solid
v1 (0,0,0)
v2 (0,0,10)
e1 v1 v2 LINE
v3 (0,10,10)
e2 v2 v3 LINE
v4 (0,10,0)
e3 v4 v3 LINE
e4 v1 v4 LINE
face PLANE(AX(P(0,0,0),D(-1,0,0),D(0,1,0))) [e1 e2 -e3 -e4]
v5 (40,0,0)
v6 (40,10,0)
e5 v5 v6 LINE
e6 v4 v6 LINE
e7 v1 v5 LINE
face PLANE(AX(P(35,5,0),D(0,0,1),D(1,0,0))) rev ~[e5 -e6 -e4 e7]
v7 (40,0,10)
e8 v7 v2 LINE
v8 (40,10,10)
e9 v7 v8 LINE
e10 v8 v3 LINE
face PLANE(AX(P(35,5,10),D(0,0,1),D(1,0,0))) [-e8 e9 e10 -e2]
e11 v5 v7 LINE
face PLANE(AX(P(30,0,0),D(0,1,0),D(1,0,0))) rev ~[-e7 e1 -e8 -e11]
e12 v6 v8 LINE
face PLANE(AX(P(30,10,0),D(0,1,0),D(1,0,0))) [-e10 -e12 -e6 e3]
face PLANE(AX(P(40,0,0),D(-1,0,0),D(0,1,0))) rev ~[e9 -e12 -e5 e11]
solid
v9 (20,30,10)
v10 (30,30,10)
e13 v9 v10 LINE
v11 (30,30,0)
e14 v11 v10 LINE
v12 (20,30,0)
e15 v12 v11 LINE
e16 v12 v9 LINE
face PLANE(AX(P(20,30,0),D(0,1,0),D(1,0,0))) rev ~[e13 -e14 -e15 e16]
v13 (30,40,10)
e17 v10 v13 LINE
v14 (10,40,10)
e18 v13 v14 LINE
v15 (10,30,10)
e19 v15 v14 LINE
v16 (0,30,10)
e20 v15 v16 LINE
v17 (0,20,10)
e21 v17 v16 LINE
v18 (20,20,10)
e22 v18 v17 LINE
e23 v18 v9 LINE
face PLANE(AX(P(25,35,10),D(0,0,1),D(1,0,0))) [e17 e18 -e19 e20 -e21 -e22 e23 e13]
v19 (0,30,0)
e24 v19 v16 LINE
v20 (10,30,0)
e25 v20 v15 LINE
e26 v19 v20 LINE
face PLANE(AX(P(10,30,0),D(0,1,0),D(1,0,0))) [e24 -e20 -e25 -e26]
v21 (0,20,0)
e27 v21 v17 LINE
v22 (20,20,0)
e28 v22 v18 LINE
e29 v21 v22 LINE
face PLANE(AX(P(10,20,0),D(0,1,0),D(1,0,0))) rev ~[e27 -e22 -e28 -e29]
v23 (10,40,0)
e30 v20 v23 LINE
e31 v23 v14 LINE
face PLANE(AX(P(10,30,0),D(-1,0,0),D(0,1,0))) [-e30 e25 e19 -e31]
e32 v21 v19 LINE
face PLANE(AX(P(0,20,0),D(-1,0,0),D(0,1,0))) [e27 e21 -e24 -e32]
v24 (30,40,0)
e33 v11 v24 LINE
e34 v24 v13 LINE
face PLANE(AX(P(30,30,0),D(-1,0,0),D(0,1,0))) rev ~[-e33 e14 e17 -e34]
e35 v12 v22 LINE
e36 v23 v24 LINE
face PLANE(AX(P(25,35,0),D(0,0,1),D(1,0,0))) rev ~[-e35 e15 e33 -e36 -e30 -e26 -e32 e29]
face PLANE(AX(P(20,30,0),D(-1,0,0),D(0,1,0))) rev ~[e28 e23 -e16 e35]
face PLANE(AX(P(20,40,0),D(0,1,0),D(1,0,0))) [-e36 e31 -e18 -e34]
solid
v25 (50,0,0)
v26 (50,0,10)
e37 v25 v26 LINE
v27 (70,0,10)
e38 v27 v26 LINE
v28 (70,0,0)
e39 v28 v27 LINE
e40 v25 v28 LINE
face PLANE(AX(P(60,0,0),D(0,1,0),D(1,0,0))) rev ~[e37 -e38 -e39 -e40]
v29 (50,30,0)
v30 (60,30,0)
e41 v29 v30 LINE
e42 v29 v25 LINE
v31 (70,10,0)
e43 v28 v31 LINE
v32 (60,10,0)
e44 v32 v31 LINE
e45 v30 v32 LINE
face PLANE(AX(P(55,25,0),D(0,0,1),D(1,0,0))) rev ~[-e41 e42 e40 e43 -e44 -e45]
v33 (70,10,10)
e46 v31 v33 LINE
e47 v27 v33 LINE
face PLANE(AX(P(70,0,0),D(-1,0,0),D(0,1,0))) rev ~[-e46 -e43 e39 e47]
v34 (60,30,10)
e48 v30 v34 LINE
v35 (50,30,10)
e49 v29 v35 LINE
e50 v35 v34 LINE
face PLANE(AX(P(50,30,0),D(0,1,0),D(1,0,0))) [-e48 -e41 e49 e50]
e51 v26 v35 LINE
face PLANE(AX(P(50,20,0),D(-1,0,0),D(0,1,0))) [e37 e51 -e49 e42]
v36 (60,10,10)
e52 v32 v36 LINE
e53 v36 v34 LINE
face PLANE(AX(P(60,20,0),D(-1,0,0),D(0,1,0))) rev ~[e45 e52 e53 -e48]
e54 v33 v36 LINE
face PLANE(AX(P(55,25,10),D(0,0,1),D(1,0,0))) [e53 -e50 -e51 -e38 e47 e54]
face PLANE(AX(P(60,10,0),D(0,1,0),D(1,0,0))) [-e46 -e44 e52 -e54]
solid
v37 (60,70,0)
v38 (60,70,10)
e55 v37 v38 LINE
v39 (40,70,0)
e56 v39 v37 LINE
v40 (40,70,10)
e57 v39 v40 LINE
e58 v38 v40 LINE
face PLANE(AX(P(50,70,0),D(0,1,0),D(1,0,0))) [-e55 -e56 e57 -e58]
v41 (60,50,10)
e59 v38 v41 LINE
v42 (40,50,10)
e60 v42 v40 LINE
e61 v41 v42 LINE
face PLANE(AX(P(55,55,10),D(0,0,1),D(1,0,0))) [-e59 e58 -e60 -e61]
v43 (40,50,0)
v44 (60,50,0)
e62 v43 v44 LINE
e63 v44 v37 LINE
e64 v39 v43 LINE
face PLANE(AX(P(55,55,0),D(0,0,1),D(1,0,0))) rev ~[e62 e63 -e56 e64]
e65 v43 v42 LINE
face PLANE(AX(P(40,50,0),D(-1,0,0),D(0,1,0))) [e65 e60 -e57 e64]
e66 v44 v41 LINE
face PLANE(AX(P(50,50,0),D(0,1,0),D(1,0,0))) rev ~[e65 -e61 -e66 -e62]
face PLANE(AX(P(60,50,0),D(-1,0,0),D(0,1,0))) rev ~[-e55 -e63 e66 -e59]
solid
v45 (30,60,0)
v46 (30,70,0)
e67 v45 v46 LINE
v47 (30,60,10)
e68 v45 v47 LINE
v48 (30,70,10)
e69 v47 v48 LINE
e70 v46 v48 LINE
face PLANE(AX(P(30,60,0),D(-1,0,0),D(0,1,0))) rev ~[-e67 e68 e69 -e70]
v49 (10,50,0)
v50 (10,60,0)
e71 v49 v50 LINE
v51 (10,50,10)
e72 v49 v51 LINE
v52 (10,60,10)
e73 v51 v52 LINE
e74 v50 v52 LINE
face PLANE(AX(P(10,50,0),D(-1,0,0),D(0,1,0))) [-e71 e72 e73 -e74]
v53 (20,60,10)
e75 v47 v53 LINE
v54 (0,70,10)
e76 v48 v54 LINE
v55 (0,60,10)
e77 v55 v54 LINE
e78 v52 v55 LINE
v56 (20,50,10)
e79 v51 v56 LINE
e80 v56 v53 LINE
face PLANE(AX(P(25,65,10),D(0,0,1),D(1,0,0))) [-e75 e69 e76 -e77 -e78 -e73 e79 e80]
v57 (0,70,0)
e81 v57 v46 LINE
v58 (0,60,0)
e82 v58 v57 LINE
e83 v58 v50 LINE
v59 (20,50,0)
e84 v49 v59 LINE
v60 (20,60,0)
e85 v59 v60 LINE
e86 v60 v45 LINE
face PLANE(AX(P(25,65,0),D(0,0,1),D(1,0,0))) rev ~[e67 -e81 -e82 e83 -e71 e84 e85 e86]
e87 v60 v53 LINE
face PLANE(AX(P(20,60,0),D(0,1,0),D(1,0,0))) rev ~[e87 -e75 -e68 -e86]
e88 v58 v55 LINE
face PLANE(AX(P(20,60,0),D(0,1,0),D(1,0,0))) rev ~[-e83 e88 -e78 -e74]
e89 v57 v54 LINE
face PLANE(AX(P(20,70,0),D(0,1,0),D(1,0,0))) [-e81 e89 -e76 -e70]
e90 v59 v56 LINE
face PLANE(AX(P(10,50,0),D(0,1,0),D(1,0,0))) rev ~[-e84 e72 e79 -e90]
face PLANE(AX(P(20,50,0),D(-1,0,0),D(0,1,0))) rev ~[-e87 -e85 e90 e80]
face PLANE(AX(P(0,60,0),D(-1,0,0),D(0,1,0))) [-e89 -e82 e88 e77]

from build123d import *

# Parameters (mm, degrees)
BOX001_W     = 10
BOX001_H     = 10
BOX001_DEPTH = 10
BOX002_W     = 10
BOX002_H     = 10
BOX002_DEPTH = 10
BOX003_W     = 10
BOX003_H     = 10
BOX003_DEPTH = 10
BOX_W        = 10
BOX_H        = 10
BOX_DEPTH    = 10
BOX005_W     = 10
BOX005_H     = 10
BOX005_DEPTH = 10
BOX006_W     = 10
BOX006_H     = 10
BOX006_DEPTH = 10
BOX007_W     = 10
BOX007_H     = 10
BOX007_DEPTH = 10
BOX004_W     = 10
BOX004_H     = 10
BOX004_DEPTH = 10
BOX009_W     = 10
BOX009_H     = 10
BOX009_DEPTH = 10
BOX010_W     = 10
BOX010_H     = 10
BOX010_DEPTH = 10
BOX011_W     = 10
BOX011_H     = 10
BOX011_DEPTH = 10
BOX008_W     = 10
BOX008_H     = 10
BOX008_DEPTH = 10
BOX013_W     = 10
BOX013_H     = 10
BOX013_DEPTH = 10
BOX014_W     = 10
BOX014_H     = 10
BOX014_DEPTH = 10
BOX015_W     = 10
BOX015_H     = 10
BOX015_DEPTH = 10
BOX012_W     = 10
BOX012_H     = 10
BOX012_DEPTH = 10
BOX017_W     = 10
BOX017_H     = 10
BOX017_DEPTH = 10
BOX018_W     = 10
BOX018_H     = 10
BOX018_DEPTH = 10
BOX019_W     = 10
BOX019_H     = 10
BOX019_DEPTH = 10
BOX016_W     = 10
BOX016_H     = 10
BOX016_DEPTH = 10


with BuildPart() as cub001:
    # Box001 → Box001 (new body)
    with BuildSketch(Plane(origin=(10, 0, 0), x_dir=(1, 0, 0), z_dir=(0, 0, 1))):
        with Locations((5, 5)):
            Rectangle(BOX001_W, BOX001_H)
    extrude(amount=BOX001_DEPTH)


with BuildPart() as cub002:
    # Box002 → Box002 (new body)
    with BuildSketch(Plane(origin=(20, 0, 0), x_dir=(1, 0, 0), z_dir=(0, 0, 1))):
        with Locations((5, 5)):
            Rectangle(BOX002_W, BOX002_H)
    extrude(amount=BOX002_DEPTH)


with BuildPart() as cub003:
    # Box003 → Box003 (new body)
    with BuildSketch(Plane(origin=(30, 0, 0), x_dir=(1, 0, 0), z_dir=(0, 0, 1))):
        with Locations((5, 5)):
            Rectangle(BOX003_W, BOX003_H)
    extrude(amount=BOX003_DEPTH)


with BuildPart() as vermella:
    # Box → Box (new body)
    with BuildSketch(Plane.XY):
        with Locations((5, 5)):
            Rectangle(BOX_W, BOX_H)
    extrude(amount=BOX_DEPTH)

    # Fusion: union Cub001, Cub002, Cub003
    add(cub001.part)
    add(cub002.part)
    add(cub003.part)


with BuildPart() as cub005:
    # Box005 → Box005 (new body)
    with BuildSketch(Plane(origin=(10, 20, 0), x_dir=(1, 0, 0), z_dir=(0, 0, 1))):
        with Locations((5, 5)):
            Rectangle(BOX005_W, BOX005_H)
    extrude(amount=BOX005_DEPTH)


with BuildPart() as cub006:
    # Box006 → Box006 (new body)
    with BuildSketch(Plane(origin=(10, 30, 0), x_dir=(1, 0, 0), z_dir=(0, 0, 1))):
        with Locations((5, 5)):
            Rectangle(BOX006_W, BOX006_H)
    extrude(amount=BOX006_DEPTH)


with BuildPart() as cub007:
    # Box007 → Box007 (new body)
    with BuildSketch(Plane(origin=(20, 30, 0), x_dir=(1, 0, 0), z_dir=(0, 0, 1))):
        with Locations((5, 5)):
            Rectangle(BOX007_W, BOX007_H)
    extrude(amount=BOX007_DEPTH)


with BuildPart() as blau_mari:
    # Box004 → Box004 (new body)
    with BuildSketch(Plane(origin=(0, 20, 0), x_dir=(1, 0, 0), z_dir=(0, 0, 1))):
        with Locations((5, 5)):
            Rectangle(BOX004_W, BOX004_H)
    extrude(amount=BOX004_DEPTH)

    # Fusion001: union Cub005, Cub006, Cub007
    add(cub005.part)
    add(cub006.part)
    add(cub007.part)


with BuildPart() as cub009:
    # Box009 → Box009 (new body)
    with BuildSketch(Plane(origin=(10, 60, 0), x_dir=(1, 0, 0), z_dir=(0, 0, 1))):
        with Locations((5, 5)):
            Rectangle(BOX009_W, BOX009_H)
    extrude(amount=BOX009_DEPTH)


with BuildPart() as cub010:
    # Box010 → Box010 (new body)
    with BuildSketch(Plane(origin=(20, 60, 0), x_dir=(1, 0, 0), z_dir=(0, 0, 1))):
        with Locations((5, 5)):
            Rectangle(BOX010_W, BOX010_H)
    extrude(amount=BOX010_DEPTH)


with BuildPart() as cub011:
    # Box011 → Box011 (new body)
    with BuildSketch(Plane(origin=(10, 50, 0), x_dir=(1, 0, 0), z_dir=(0, 0, 1))):
        with Locations((5, 5)):
            Rectangle(BOX011_W, BOX011_H)
    extrude(amount=BOX011_DEPTH)


with BuildPart() as gris:
    # Box008 → Box008 (new body)
    with BuildSketch(Plane(origin=(0, 60, 0), x_dir=(1, 0, 0), z_dir=(0, 0, 1))):
        with Locations((5, 5)):
            Rectangle(BOX008_W, BOX008_H)
    extrude(amount=BOX008_DEPTH)

    # Fusion002: union Cub009, Cub010, Cub011
    add(cub009.part)
    add(cub010.part)
    add(cub011.part)


with BuildPart() as cub013:
    # Box013 → Box013 (new body)
    with BuildSketch(Plane(origin=(60, 0, 0), x_dir=(1, 0, 0), z_dir=(0, 0, 1))):
        with Locations((5, 5)):
            Rectangle(BOX013_W, BOX013_H)
    extrude(amount=BOX013_DEPTH)


with BuildPart() as cub014:
    # Box014 → Box014 (new body)
    with BuildSketch(Plane(origin=(50, 10, 0), x_dir=(1, 0, 0), z_dir=(0, 0, 1))):
        with Locations((5, 5)):
            Rectangle(BOX014_W, BOX014_H)
    extrude(amount=BOX014_DEPTH)


with BuildPart() as cub015:
    # Box015 → Box015 (new body)
    with BuildSketch(Plane(origin=(50, 20, 0), x_dir=(1, 0, 0), z_dir=(0, 0, 1))):
        with Locations((5, 5)):
            Rectangle(BOX015_W, BOX015_H)
    extrude(amount=BOX015_DEPTH)


with BuildPart() as groc:
    # Box012 → Box012 (new body)
    with BuildSketch(Plane(origin=(50, 0, 0), x_dir=(1, 0, 0), z_dir=(0, 0, 1))):
        with Locations((5, 5)):
            Rectangle(BOX012_W, BOX012_H)
    extrude(amount=BOX012_DEPTH)

    # Fusion003: union Cub013, Cub014, Cub015
    add(cub013.part)
    add(cub014.part)
    add(cub015.part)


with BuildPart() as cub017:
    # Box017 → Box017 (new body)
    with BuildSketch(Plane(origin=(50, 60, 0), x_dir=(1, 0, 0), z_dir=(0, 0, 1))):
        with Locations((5, 5)):
            Rectangle(BOX017_W, BOX017_H)
    extrude(amount=BOX017_DEPTH)


with BuildPart() as cub018:
    # Box018 → Box018 (new body)
    with BuildSketch(Plane(origin=(40, 50, 0), x_dir=(1, 0, 0), z_dir=(0, 0, 1))):
        with Locations((5, 5)):
            Rectangle(BOX018_W, BOX018_H)
    extrude(amount=BOX018_DEPTH)


with BuildPart() as cub019:
    # Box019 → Box019 (new body)
    with BuildSketch(Plane(origin=(50, 50, 0), x_dir=(1, 0, 0), z_dir=(0, 0, 1))):
        with Locations((5, 5)):
            Rectangle(BOX019_W, BOX019_H)
    extrude(amount=BOX019_DEPTH)


with BuildPart() as blau_cel:
    # Box016 → Box016 (new body)
    with BuildSketch(Plane(origin=(40, 60, 0), x_dir=(1, 0, 0), z_dir=(0, 0, 1))):
        with Locations((5, 5)):
            Rectangle(BOX016_W, BOX016_H)
    extrude(amount=BOX016_DEPTH)

    # Fusion004: union Cub017, Cub018, Cub019
    add(cub017.part)
    add(cub018.part)
    add(cub019.part)


solid = Compound([vermella.part, blau_mari.part, gris.part, groc.part, blau_cel.part])
